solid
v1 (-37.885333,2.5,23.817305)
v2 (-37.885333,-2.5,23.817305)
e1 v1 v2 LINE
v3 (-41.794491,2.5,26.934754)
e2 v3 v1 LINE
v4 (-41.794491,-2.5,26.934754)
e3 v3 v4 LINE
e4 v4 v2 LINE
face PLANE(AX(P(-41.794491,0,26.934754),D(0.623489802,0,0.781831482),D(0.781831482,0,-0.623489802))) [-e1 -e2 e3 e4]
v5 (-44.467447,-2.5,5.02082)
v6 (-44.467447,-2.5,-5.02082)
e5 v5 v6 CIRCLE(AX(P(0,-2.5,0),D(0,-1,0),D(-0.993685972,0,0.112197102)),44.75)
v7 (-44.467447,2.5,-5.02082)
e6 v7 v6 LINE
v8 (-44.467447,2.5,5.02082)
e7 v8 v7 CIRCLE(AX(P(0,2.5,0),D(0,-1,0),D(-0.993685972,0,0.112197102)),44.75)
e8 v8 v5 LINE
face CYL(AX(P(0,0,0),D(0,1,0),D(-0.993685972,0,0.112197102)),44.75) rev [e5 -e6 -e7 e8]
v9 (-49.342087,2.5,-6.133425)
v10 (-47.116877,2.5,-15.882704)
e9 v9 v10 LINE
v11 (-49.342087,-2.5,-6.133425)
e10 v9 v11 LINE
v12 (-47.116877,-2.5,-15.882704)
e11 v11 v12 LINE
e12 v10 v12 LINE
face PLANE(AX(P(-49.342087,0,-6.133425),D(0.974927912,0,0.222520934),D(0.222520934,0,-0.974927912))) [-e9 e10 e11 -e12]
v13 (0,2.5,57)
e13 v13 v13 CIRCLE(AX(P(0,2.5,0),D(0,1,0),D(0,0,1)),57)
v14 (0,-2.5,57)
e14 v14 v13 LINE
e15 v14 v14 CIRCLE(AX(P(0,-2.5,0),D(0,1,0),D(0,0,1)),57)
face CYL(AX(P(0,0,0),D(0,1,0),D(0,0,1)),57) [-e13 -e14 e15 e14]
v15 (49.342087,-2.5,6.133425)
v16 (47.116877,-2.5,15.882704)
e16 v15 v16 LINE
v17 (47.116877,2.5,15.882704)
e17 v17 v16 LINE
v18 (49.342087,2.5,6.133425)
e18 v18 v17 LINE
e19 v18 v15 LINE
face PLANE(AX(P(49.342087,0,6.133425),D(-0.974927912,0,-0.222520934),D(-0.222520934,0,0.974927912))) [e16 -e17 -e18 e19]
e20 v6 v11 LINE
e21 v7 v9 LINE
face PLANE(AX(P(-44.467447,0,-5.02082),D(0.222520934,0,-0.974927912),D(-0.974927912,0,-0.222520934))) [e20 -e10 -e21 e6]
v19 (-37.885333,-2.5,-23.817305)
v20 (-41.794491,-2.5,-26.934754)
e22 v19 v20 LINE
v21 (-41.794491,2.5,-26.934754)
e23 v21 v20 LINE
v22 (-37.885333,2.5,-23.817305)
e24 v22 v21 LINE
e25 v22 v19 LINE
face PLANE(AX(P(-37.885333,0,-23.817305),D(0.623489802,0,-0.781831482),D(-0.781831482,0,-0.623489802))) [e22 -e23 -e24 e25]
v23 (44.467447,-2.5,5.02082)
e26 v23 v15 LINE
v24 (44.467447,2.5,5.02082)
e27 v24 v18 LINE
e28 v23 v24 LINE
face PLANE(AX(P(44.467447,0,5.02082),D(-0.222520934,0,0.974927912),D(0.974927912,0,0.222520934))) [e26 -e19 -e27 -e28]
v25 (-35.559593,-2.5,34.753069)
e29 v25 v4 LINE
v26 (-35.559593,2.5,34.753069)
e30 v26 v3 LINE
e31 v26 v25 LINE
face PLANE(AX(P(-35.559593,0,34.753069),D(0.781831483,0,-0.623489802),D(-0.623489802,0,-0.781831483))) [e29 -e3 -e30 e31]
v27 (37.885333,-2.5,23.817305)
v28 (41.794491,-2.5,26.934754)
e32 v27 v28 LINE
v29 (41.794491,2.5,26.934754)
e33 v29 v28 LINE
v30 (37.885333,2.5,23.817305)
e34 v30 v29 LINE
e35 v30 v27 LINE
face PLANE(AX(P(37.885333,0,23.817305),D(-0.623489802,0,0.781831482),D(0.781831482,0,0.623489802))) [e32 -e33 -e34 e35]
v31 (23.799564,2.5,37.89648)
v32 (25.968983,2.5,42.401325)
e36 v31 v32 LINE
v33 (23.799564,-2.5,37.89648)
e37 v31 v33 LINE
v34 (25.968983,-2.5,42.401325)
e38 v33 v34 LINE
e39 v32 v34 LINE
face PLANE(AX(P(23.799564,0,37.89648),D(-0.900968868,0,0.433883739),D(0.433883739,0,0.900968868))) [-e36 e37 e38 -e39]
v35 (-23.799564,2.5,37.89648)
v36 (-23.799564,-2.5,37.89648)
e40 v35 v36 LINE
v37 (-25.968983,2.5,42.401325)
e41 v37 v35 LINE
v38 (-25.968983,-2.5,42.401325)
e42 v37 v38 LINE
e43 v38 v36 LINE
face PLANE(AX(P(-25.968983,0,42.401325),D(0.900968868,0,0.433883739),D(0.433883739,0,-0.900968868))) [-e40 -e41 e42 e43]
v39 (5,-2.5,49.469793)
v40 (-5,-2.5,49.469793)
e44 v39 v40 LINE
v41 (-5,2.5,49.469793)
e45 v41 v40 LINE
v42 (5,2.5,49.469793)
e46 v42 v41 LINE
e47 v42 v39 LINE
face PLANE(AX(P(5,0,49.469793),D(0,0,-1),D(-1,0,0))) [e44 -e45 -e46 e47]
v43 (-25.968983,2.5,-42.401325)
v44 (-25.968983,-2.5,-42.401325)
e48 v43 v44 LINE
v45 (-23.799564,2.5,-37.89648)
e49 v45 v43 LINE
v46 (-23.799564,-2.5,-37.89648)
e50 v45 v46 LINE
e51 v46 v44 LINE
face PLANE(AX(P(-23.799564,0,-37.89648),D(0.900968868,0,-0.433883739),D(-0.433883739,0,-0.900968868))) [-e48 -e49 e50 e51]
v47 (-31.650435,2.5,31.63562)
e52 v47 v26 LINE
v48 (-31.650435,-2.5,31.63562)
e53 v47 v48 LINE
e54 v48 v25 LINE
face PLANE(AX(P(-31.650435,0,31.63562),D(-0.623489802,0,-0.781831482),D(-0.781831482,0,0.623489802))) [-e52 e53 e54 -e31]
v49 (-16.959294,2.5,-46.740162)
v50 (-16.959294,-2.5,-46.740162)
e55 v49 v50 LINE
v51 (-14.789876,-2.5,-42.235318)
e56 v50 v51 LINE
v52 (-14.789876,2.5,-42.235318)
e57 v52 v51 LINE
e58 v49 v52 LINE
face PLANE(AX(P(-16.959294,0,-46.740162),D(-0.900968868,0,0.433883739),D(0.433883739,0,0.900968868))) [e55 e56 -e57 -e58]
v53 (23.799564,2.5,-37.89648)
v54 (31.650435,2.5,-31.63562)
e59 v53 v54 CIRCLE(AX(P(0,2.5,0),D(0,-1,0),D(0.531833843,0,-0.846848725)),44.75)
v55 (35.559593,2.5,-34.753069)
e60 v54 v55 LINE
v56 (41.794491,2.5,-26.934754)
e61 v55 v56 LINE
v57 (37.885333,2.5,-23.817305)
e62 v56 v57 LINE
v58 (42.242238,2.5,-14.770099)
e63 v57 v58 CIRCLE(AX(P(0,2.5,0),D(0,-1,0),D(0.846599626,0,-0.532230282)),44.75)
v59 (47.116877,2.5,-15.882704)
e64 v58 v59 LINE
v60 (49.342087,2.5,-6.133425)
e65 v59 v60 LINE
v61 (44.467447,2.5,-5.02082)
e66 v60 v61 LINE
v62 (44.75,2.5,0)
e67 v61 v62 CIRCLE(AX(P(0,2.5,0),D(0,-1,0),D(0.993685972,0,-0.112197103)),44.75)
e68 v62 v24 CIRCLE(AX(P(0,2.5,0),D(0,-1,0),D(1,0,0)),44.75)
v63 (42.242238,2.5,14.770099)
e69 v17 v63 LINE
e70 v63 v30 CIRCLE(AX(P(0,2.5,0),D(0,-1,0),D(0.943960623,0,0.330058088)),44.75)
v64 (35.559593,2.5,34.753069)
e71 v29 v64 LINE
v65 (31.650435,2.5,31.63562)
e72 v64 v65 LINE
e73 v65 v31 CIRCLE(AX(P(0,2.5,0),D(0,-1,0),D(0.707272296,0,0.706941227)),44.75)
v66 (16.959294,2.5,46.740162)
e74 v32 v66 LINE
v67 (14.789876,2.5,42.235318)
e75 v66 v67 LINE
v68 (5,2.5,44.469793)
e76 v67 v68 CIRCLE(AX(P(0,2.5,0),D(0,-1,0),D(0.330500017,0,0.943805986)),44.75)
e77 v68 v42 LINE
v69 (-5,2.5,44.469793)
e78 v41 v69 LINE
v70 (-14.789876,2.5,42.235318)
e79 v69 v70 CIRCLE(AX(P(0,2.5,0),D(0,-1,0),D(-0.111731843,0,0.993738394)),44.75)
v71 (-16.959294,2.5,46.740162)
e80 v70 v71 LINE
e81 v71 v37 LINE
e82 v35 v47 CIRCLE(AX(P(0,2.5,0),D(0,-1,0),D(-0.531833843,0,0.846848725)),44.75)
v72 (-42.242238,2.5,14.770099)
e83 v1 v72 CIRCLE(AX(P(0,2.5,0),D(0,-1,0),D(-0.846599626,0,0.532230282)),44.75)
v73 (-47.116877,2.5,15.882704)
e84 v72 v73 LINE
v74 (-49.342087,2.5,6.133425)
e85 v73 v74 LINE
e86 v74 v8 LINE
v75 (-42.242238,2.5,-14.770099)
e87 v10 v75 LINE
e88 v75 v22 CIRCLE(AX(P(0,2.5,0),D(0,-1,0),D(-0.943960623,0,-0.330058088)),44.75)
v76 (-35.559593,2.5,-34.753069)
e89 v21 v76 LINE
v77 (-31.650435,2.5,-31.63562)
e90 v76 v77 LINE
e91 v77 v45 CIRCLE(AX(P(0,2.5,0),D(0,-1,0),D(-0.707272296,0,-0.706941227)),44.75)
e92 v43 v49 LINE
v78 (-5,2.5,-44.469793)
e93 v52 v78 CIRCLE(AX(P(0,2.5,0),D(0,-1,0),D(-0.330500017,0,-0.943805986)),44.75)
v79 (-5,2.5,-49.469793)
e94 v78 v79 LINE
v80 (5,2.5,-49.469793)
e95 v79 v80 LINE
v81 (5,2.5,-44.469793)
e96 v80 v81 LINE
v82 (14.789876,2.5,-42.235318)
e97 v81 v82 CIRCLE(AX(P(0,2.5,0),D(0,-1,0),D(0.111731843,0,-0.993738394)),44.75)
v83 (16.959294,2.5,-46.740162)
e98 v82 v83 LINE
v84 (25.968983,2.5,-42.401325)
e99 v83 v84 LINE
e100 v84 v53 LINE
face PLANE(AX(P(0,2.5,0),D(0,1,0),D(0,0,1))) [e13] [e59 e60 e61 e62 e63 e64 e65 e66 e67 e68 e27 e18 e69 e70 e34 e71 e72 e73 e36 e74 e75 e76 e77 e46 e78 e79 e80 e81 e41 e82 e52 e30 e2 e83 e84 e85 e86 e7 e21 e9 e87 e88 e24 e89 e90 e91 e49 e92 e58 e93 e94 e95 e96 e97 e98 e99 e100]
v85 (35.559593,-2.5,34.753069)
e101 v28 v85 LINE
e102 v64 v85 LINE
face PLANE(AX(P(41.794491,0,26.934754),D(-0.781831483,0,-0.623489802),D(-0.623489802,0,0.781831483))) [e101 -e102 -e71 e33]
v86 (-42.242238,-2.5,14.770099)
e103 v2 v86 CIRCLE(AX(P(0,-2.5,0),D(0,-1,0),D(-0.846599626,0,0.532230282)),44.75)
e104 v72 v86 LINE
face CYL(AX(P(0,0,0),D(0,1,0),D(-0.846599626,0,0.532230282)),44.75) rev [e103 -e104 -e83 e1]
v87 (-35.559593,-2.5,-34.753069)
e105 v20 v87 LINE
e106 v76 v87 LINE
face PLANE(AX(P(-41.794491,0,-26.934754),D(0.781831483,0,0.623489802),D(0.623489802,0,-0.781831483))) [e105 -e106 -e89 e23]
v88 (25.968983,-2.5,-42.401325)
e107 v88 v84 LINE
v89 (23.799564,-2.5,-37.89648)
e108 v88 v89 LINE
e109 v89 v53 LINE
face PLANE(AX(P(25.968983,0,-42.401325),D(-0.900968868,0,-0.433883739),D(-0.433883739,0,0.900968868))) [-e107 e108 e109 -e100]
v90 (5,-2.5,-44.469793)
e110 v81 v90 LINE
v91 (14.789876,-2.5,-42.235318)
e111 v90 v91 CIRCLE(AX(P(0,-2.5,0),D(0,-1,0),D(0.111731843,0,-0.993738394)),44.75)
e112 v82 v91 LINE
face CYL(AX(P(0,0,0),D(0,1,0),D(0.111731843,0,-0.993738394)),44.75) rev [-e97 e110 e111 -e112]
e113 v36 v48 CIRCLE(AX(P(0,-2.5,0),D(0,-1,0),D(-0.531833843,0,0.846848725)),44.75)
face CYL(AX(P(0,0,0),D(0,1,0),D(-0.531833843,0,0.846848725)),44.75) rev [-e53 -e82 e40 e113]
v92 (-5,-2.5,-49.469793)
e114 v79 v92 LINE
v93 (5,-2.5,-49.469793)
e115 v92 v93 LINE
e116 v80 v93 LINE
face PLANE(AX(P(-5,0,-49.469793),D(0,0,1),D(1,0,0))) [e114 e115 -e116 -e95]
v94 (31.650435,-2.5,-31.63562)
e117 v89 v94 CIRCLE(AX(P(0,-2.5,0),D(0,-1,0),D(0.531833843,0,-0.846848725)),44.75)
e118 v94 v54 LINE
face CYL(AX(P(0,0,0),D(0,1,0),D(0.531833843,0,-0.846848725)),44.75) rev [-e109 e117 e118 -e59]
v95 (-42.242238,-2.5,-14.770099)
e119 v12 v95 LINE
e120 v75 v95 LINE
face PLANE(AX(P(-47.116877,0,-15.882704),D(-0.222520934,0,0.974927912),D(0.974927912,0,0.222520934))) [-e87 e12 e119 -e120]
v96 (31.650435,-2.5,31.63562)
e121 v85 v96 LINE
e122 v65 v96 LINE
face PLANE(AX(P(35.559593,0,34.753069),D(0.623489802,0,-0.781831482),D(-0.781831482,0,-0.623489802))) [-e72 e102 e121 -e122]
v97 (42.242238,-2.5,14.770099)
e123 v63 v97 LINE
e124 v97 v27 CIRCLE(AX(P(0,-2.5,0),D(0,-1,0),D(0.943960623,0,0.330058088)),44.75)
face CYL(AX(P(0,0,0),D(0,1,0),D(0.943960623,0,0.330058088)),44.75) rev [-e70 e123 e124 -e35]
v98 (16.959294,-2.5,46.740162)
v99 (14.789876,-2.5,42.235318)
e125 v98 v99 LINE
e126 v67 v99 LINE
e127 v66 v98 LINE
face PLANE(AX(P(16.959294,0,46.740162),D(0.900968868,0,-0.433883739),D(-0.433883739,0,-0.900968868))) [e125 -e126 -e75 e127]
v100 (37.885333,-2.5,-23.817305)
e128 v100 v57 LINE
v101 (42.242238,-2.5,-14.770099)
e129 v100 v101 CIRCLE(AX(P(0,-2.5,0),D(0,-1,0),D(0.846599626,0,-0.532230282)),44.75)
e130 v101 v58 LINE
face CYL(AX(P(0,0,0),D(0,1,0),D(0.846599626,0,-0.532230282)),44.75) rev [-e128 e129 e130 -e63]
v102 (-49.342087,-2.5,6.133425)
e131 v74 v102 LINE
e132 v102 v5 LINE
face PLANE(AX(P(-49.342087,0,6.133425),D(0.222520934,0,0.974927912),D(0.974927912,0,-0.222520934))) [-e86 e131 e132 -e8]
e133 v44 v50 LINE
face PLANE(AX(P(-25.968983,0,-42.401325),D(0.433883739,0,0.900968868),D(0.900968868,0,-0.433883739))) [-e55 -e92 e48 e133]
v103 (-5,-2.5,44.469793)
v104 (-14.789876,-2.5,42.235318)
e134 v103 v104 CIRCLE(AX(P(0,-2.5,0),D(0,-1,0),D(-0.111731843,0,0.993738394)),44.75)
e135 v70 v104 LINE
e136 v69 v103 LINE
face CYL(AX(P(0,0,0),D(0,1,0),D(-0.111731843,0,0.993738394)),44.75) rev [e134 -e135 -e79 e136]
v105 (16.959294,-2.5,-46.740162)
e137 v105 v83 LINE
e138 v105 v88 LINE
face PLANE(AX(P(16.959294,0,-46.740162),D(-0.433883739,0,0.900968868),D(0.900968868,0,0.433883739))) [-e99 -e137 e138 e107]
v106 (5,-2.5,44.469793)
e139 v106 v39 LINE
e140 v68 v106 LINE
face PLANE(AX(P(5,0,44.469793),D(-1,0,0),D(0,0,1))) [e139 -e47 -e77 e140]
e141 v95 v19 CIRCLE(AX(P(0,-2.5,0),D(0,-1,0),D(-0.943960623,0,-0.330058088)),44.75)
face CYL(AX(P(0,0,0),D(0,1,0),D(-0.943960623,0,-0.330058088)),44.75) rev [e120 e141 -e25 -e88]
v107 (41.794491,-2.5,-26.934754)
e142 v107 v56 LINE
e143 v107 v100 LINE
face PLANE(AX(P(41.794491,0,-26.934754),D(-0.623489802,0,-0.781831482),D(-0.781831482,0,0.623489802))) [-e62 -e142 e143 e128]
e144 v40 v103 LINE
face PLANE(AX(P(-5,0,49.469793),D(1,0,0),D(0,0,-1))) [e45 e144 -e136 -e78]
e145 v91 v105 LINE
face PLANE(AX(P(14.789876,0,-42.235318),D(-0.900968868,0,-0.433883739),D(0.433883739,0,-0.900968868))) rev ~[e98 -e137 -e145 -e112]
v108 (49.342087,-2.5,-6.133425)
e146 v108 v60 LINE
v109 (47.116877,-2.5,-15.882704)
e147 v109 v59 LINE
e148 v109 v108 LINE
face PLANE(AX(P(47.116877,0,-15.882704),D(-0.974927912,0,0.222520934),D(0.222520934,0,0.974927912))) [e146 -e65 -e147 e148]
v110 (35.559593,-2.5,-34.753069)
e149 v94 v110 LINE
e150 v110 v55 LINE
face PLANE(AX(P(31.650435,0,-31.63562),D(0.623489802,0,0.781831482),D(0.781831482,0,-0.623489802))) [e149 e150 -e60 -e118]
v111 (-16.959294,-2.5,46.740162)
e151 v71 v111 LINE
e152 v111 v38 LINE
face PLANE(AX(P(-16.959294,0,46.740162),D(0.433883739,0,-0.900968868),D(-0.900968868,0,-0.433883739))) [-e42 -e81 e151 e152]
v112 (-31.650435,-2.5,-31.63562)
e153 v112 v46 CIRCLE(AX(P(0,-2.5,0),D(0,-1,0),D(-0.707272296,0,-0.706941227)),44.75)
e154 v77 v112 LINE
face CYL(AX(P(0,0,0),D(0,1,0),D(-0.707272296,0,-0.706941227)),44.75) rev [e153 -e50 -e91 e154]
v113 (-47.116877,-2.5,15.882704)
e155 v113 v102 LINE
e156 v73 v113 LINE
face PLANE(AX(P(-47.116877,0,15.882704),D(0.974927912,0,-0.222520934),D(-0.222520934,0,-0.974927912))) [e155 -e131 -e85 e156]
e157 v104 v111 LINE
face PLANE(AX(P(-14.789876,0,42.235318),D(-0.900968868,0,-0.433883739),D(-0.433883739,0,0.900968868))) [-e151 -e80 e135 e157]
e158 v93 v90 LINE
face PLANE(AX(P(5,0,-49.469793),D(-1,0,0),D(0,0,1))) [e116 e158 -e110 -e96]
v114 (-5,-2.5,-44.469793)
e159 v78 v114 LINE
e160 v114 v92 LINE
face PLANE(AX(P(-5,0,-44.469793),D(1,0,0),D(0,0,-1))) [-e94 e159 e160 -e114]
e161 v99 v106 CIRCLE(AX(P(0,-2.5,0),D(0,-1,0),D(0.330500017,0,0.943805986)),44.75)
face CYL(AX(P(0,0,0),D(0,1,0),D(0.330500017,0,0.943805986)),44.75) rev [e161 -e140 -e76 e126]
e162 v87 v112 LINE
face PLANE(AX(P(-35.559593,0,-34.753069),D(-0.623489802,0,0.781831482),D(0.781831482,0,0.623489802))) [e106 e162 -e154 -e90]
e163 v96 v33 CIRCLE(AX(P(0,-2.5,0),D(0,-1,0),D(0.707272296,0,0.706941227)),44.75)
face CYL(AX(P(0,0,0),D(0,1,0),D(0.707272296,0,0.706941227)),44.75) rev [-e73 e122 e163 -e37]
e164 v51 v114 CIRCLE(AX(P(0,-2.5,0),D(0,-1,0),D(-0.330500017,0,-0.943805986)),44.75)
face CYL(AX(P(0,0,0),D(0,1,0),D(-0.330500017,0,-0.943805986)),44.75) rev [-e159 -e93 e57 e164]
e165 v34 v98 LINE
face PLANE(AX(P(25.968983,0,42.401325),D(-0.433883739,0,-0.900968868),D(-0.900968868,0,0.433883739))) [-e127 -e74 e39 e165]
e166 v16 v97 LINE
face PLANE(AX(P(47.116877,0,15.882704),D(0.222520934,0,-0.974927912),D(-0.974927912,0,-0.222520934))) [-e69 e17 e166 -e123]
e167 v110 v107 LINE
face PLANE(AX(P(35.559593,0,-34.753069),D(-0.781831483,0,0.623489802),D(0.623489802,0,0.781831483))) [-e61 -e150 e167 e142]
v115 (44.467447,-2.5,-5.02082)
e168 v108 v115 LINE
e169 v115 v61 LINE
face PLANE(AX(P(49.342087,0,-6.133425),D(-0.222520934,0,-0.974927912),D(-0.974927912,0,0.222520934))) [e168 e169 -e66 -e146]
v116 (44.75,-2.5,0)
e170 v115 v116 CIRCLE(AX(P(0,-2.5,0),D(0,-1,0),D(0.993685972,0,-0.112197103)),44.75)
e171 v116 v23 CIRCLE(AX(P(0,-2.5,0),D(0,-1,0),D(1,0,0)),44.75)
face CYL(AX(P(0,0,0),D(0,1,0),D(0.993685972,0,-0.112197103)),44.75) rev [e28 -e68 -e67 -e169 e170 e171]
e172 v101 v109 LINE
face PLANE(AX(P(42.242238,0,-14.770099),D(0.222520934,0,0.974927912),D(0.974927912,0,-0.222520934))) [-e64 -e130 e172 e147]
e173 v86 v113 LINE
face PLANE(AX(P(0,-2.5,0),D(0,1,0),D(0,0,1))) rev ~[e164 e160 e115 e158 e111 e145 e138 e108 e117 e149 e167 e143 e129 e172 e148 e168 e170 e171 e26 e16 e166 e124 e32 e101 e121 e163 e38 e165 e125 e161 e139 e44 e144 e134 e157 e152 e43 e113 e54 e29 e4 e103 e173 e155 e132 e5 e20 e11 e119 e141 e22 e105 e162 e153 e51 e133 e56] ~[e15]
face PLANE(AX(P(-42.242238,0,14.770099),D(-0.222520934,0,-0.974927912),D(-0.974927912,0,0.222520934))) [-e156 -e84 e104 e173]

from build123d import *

# Parameters (mm, degrees)
SKETCH1_R           = 57
BOSS_EXTRUDE1_DEPTH = 2.5


with BuildPart() as part:
    # Sketch1 → Boss-Extrude1 (new, symmetric)
    with BuildSketch(Plane(origin=(0, 0, 0), x_dir=(1, 0, 0), z_dir=(0, 1, 0))):
        with Locations(Location((0, 0, 0), (0, 0, 270))):
            Circle(SKETCH1_R)
        with BuildLine():
            Line((14.789875777, 42.235317857), (16.959294472, 46.740162197))
            Line((16.959294472, 46.740162197), (25.968983151, 42.401324806))
            Line((25.968983151, 42.401324806), (23.799564456, 37.896480466))
            ThreePointArc((23.799564456, 37.896480466), (27.901168633, 34.98695884), (31.65043527, 31.635619912))
            Line((31.65043527, 31.635619912), (35.559592682, 34.753068922))
            Line((35.559592682, 34.753068922), (41.7944907, 26.934754097))
            Line((41.7944907, 26.934754097), (37.885333288, 23.817305088))
            ThreePointArc((37.885333288, 23.817305088), (40.318356839, 19.416297326), (42.24223789, 14.770099458))
            Line((42.24223789, 14.770099458), (47.116877451, 15.882704128))
            Line((47.116877451, 15.882704128), (49.342086791, 6.133425006))
            Line((49.342086791, 6.133425006), (44.46744723, 5.020820337))
            ThreePointArc((44.46744723, 5.020820337), (44.679305968, 2.514382276), (44.75, 0))
            ThreePointArc((44.75, 0), (44.679305968, -2.514382276), (44.46744723, -5.020820337))
            Line((44.46744723, -5.020820337), (49.342086791, -6.133425006))
            Line((49.342086791, -6.133425006), (47.116877451, -15.882704128))
            Line((47.116877451, -15.882704128), (42.24223789, -14.770099458))
            ThreePointArc((42.24223789, -14.770099458), (40.318356839, -19.416297326), (37.885333288, -23.817305088))
            Line((37.885333288, -23.817305088), (41.7944907, -26.934754097))
            Line((41.7944907, -26.934754097), (35.559592682, -34.753068922))
            Line((35.559592682, -34.753068922), (31.65043527, -31.635619912))
            ThreePointArc((31.65043527, -31.635619912), (27.901168633, -34.98695884), (23.799564456, -37.896480466))
            Line((23.799564456, -37.896480466), (25.968983151, -42.401324806))
            Line((25.968983151, -42.401324806), (16.959294472, -46.740162197))
            Line((16.959294472, -46.740162197), (14.789875777, -42.235317857))
            ThreePointArc((14.789875777, -42.235317857), (9.957811795, -43.62802407), (5, -44.469793118))
            Line((5, -44.469793118), (5, -49.469793118))
            Line((5, -49.469793118), (-5, -49.469793118))
            Line((-5, -49.469793118), (-5, -44.469793118))
            ThreePointArc((-5, -44.469793118), (-9.957811795, -43.62802407), (-14.789875777, -42.235317857))
            Line((-14.789875777, -42.235317857), (-16.959294472, -46.740162197))
            Line((-16.959294472, -46.740162197), (-25.968983151, -42.401324806))
            Line((-25.968983151, -42.401324806), (-23.799564456, -37.896480466))
            ThreePointArc((-23.799564456, -37.896480466), (-27.901168633, -34.98695884), (-31.65043527, -31.635619912))
            Line((-31.65043527, -31.635619912), (-35.559592682, -34.753068922))
            Line((-35.559592682, -34.753068922), (-41.7944907, -26.934754097))
            Line((-41.7944907, -26.934754097), (-37.885333288, -23.817305088))
            ThreePointArc((-37.885333288, -23.817305088), (-40.318356839, -19.416297326), (-42.24223789, -14.770099458))
            Line((-42.24223789, -14.770099458), (-47.116877451, -15.882704128))
            Line((-47.116877451, -15.882704128), (-49.342086791, -6.133425006))
            Line((-49.342086791, -6.133425006), (-44.46744723, -5.020820337))
            ThreePointArc((-44.46744723, -5.020820337), (-44.75, 0), (-44.46744723, 5.020820337))
            Line((-44.46744723, 5.020820337), (-49.342086791, 6.133425006))
            Line((-49.342086791, 6.133425006), (-47.116877451, 15.882704128))
            Line((-47.116877451, 15.882704128), (-42.24223789, 14.770099458))
            ThreePointArc((-42.24223789, 14.770099458), (-40.318356839, 19.416297326), (-37.885333288, 23.817305088))
            Line((-37.885333288, 23.817305088), (-41.7944907, 26.934754097))
            Line((-41.7944907, 26.934754097), (-35.559592682, 34.753068922))
            Line((-35.559592682, 34.753068922), (-31.65043527, 31.635619912))
            ThreePointArc((-31.65043527, 31.635619912), (-27.901168633, 34.98695884), (-23.799564456, 37.896480466))
            Line((-23.799564456, 37.896480466), (-25.968983151, 42.401324806))
            Line((-25.968983151, 42.401324806), (-16.959294472, 46.740162197))
            Line((-16.959294472, 46.740162197), (-14.789875777, 42.235317857))
            ThreePointArc((-14.789875777, 42.235317857), (-9.957811795, 43.62802407), (-5, 44.469793118))
            Line((-5, 44.469793118), (-5, 49.469793118))
            Line((-5, 49.469793118), (5, 49.469793118))
            Line((5, 49.469793118), (5, 44.469793118))
            ThreePointArc((5, 44.469793118), (9.957811795, 43.62802407), (14.789875777, 42.235317857))
        make_face(mode=Mode.SUBTRACT)
    extrude(amount=BOSS_EXTRUDE1_DEPTH, both=True)


solid = part.part
